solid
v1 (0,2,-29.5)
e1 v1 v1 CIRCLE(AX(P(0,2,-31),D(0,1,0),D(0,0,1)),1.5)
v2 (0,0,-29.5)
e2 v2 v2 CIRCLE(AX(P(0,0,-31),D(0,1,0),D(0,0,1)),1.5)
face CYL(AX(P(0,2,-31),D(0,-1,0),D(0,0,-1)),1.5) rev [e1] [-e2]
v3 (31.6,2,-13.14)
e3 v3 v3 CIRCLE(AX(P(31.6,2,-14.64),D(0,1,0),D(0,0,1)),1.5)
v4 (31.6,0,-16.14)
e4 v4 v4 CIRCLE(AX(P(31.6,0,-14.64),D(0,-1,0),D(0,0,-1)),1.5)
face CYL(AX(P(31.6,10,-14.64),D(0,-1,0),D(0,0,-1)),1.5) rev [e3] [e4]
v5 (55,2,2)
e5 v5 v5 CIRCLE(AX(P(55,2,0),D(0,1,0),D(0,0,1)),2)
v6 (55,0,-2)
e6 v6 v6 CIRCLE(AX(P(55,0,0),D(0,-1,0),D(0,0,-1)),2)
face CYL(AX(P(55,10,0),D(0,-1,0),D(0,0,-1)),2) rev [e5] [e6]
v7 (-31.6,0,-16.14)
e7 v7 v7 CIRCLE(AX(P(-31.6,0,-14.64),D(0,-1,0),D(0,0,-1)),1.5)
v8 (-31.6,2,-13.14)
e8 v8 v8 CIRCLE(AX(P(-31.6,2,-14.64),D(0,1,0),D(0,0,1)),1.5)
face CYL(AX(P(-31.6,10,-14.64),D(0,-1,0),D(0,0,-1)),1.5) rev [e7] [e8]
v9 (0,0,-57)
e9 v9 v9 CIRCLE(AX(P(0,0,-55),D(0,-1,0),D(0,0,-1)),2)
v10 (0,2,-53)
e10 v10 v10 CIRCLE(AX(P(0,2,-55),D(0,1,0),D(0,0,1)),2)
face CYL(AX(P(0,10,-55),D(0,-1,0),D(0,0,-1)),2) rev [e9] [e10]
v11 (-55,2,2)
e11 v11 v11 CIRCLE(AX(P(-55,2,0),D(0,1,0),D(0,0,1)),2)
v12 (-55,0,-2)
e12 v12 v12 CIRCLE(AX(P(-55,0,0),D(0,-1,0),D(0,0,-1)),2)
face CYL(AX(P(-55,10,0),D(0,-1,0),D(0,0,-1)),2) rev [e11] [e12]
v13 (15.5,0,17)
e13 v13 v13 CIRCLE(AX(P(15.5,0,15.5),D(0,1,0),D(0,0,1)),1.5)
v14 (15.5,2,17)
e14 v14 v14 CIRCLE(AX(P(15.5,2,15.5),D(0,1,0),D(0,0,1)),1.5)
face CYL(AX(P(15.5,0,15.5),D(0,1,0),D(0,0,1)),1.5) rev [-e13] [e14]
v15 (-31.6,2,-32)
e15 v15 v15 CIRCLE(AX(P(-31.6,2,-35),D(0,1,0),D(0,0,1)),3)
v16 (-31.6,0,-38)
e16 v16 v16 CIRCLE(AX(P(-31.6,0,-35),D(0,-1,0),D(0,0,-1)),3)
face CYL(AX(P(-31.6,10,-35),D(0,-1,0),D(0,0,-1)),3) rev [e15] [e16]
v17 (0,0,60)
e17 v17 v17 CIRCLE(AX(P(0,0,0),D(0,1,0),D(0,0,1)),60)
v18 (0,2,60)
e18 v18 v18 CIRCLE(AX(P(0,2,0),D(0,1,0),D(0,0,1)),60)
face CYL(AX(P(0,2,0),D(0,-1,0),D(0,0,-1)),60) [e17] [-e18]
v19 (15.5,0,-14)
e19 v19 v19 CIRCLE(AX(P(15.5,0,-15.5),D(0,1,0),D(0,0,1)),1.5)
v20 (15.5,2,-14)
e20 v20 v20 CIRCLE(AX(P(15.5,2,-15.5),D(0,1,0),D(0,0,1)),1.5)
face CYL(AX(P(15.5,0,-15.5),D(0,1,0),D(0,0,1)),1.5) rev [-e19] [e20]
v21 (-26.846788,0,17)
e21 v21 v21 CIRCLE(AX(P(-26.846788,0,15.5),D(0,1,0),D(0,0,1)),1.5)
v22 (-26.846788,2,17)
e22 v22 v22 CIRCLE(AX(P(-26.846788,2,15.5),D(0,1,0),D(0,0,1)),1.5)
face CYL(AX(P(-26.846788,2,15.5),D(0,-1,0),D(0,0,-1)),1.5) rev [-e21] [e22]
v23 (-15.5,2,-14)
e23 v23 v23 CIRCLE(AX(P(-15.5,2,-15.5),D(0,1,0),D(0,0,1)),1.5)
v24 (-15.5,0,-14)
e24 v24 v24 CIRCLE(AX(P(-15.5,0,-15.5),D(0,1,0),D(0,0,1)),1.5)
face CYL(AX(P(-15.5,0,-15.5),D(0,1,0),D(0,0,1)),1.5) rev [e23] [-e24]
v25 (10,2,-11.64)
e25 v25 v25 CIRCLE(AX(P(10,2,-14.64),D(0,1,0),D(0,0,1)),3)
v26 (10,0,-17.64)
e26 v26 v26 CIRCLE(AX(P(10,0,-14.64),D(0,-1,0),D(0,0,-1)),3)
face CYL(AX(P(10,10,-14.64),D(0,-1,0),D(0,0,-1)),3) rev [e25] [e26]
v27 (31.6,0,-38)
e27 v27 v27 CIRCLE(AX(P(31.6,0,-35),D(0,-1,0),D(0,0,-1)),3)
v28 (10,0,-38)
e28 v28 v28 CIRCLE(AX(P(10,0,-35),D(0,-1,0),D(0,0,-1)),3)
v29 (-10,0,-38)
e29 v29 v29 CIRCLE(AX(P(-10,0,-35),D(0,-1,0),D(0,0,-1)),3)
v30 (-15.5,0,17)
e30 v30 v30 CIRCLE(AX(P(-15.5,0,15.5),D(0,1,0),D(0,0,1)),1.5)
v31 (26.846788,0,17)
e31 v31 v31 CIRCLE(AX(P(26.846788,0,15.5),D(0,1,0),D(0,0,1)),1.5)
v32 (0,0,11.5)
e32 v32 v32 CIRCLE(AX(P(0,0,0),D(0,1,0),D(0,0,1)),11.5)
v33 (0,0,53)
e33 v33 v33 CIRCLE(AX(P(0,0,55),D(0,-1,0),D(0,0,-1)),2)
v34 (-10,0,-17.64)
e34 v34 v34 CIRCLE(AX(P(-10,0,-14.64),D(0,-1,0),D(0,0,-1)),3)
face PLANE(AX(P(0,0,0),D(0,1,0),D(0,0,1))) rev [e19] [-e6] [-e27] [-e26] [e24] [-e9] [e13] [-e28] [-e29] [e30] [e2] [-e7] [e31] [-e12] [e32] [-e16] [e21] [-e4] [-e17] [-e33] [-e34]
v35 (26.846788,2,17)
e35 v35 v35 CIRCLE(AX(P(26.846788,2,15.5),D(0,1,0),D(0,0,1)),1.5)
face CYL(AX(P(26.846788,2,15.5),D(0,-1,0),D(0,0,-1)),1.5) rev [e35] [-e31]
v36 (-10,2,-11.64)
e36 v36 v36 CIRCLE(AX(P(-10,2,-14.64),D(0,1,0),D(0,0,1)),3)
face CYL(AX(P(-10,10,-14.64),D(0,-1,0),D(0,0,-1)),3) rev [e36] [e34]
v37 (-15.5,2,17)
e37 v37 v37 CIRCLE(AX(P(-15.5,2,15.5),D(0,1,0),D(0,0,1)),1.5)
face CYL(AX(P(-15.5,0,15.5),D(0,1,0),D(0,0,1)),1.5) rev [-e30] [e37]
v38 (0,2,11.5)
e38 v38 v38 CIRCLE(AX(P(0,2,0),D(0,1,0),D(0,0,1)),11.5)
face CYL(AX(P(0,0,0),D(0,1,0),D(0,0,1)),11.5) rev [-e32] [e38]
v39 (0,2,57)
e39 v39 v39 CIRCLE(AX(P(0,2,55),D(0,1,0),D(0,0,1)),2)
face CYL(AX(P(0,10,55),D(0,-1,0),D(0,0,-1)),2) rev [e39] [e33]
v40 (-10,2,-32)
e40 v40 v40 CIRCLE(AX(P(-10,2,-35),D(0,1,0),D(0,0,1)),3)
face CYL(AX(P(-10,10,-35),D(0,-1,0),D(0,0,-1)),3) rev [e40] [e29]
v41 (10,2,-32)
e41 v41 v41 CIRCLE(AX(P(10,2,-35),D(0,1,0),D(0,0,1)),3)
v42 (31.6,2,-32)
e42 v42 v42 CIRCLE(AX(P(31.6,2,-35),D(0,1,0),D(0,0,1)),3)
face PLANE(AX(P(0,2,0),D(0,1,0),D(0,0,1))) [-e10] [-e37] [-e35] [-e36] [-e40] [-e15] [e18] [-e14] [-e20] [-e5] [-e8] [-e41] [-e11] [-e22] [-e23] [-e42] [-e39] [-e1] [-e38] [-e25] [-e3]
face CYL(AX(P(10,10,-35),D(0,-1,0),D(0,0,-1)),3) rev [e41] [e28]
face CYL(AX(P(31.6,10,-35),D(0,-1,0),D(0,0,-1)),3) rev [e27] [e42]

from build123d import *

# Parameters (mm, degrees)
SKETCH_1_R          = 60
SKETCH_1_R_2        = 1.5
EXTRUDE_1_DEPTH     = 2
SKETCH_3_R          = 11.5
CUT_EXTRUDE_3_DEPTH = 2
SKETCH_4_R          = 1.5
CUT_EXTRUDE_4_DEPTH = 2
SKETCH_5_R          = 3
CUT_EXTRUDE_5_DEPTH = 10
SKETCH_6_R          = 2
CUT_EXTRUDE_6_DEPTH = 10
SKETCH_7_R          = 3
CUT_EXTRUDE_7_DEPTH = 10
SKETCH_8_R          = 3
CUT_EXTRUDE_8_DEPTH = 10
SKETCH_9_R          = 1.5
CUT_EXTRUDE_9_DEPTH = 10


with BuildPart() as part:
    # 草图1 → 凸台-拉伸1 (new body)
    with BuildSketch(Plane(origin=(0, 0, 0), x_dir=(1, 0, 0), z_dir=(0, 1, 0))):
        with Locations(Location((0, 0, 0), (0, 0, 270))):
            Circle(SKETCH_1_R)
        with Locations(Location((0, 31, 0), (0, 0, 270))):
            Circle(SKETCH_1_R_2, mode=Mode.SUBTRACT)
        with Locations(Location((26.846787517, -15.5, 0), (0, 0, 270))):
            Circle(SKETCH_1_R_2, mode=Mode.SUBTRACT)
        with Locations(Location((-26.846787517, -15.5, 0), (0, 0, 270))):
            Circle(SKETCH_1_R_2, mode=Mode.SUBTRACT)
    extrude(amount=EXTRUDE_1_DEPTH)

    # 草图3 → 切除-拉伸3 (cut)
    with BuildSketch(Plane(origin=(0, 2, 0), x_dir=(1, 0, 0), z_dir=(0, 1, 0))):
        with Locations(Location((0, 0, 0), (0, 0, 270))):
            Circle(SKETCH_3_R)
    extrude(amount=-CUT_EXTRUDE_3_DEPTH, mode=Mode.SUBTRACT)

    # 草图4 → 切除-拉伸4 (cut)
    with BuildSketch(Plane(origin=(0, 2, 0), x_dir=(1, 0, 0), z_dir=(0, 1, 0))):
        with Locations(Location((-15.5, 15.5, 0), (0, 0, 270))):
            Circle(SKETCH_4_R)
        with Locations(Location((15.5, 15.5, 0), (0, 0, 270))):
            Circle(SKETCH_4_R)
        with Locations(Location((15.5, -15.5, 0), (0, 0, 270))):
            Circle(SKETCH_4_R)
        with Locations(Location((-15.5, -15.5, 0), (0, 0, 270))):
            Circle(SKETCH_4_R)
    extrude(amount=-CUT_EXTRUDE_4_DEPTH, mode=Mode.SUBTRACT)

    # 草图5 → 切除-拉伸5 (cut)
    with BuildSketch(Plane.XZ):
        with Locations(Location((10, -14.64, 0), (0, 0, 270))):
            Circle(SKETCH_5_R)
        with Locations(Location((-10, -14.64, 0), (0, 0, 270))):
            Circle(SKETCH_5_R)
    extrude(amount=-CUT_EXTRUDE_5_DEPTH, mode=Mode.SUBTRACT)

    # 草图6 → 切除-拉伸6 (cut)
    with BuildSketch(Plane.XZ):
        with Locations(Location((0, 55, 0), (0, 0, 270))):
            Circle(SKETCH_6_R)
        with Locations(Location((55, 0, 0), (0, 0, 270))):
            Circle(SKETCH_6_R)
        with Locations(Location((0, -55, 0), (0, 0, 270))):
            Circle(SKETCH_6_R)
        with Locations(Location((-55, 0, 0), (0, 0, 270))):
            Circle(SKETCH_6_R)
    extrude(amount=-CUT_EXTRUDE_6_DEPTH, mode=Mode.SUBTRACT)

    # 草图7 → 切除-拉伸7 (cut)
    with BuildSketch(Plane.XZ):
        with Locations(Location((10, -35, 0), (0, 0, 270))):
            Circle(SKETCH_7_R)
        with Locations(Location((-10, -35, 0), (0, 0, 270))):
            Circle(SKETCH_7_R)
    extrude(amount=-CUT_EXTRUDE_7_DEPTH, mode=Mode.SUBTRACT)

    # 草图8 → 切除-拉伸8 (cut)
    with BuildSketch(Plane.XZ):
        with Locations(Location((31.6, -35, 0), (0, 0, 270))):
            Circle(SKETCH_8_R)
        with Locations(Location((-31.6, -35, 0), (0, 0, 270))):
            Circle(SKETCH_8_R)
    extrude(amount=-CUT_EXTRUDE_8_DEPTH, mode=Mode.SUBTRACT)

    # 草图9 → 切除-拉伸9 (cut)
    with BuildSketch(Plane.XZ):
        with Locations(Location((-31.6, -14.64, 0), (0, 0, 270))):
            Circle(SKETCH_9_R)
        with Locations(Location((31.6, -14.64, 0), (0, 0, 270))):
            Circle(SKETCH_9_R)
    extrude(amount=-CUT_EXTRUDE_9_DEPTH, mode=Mode.SUBTRACT)


solid = part.part
